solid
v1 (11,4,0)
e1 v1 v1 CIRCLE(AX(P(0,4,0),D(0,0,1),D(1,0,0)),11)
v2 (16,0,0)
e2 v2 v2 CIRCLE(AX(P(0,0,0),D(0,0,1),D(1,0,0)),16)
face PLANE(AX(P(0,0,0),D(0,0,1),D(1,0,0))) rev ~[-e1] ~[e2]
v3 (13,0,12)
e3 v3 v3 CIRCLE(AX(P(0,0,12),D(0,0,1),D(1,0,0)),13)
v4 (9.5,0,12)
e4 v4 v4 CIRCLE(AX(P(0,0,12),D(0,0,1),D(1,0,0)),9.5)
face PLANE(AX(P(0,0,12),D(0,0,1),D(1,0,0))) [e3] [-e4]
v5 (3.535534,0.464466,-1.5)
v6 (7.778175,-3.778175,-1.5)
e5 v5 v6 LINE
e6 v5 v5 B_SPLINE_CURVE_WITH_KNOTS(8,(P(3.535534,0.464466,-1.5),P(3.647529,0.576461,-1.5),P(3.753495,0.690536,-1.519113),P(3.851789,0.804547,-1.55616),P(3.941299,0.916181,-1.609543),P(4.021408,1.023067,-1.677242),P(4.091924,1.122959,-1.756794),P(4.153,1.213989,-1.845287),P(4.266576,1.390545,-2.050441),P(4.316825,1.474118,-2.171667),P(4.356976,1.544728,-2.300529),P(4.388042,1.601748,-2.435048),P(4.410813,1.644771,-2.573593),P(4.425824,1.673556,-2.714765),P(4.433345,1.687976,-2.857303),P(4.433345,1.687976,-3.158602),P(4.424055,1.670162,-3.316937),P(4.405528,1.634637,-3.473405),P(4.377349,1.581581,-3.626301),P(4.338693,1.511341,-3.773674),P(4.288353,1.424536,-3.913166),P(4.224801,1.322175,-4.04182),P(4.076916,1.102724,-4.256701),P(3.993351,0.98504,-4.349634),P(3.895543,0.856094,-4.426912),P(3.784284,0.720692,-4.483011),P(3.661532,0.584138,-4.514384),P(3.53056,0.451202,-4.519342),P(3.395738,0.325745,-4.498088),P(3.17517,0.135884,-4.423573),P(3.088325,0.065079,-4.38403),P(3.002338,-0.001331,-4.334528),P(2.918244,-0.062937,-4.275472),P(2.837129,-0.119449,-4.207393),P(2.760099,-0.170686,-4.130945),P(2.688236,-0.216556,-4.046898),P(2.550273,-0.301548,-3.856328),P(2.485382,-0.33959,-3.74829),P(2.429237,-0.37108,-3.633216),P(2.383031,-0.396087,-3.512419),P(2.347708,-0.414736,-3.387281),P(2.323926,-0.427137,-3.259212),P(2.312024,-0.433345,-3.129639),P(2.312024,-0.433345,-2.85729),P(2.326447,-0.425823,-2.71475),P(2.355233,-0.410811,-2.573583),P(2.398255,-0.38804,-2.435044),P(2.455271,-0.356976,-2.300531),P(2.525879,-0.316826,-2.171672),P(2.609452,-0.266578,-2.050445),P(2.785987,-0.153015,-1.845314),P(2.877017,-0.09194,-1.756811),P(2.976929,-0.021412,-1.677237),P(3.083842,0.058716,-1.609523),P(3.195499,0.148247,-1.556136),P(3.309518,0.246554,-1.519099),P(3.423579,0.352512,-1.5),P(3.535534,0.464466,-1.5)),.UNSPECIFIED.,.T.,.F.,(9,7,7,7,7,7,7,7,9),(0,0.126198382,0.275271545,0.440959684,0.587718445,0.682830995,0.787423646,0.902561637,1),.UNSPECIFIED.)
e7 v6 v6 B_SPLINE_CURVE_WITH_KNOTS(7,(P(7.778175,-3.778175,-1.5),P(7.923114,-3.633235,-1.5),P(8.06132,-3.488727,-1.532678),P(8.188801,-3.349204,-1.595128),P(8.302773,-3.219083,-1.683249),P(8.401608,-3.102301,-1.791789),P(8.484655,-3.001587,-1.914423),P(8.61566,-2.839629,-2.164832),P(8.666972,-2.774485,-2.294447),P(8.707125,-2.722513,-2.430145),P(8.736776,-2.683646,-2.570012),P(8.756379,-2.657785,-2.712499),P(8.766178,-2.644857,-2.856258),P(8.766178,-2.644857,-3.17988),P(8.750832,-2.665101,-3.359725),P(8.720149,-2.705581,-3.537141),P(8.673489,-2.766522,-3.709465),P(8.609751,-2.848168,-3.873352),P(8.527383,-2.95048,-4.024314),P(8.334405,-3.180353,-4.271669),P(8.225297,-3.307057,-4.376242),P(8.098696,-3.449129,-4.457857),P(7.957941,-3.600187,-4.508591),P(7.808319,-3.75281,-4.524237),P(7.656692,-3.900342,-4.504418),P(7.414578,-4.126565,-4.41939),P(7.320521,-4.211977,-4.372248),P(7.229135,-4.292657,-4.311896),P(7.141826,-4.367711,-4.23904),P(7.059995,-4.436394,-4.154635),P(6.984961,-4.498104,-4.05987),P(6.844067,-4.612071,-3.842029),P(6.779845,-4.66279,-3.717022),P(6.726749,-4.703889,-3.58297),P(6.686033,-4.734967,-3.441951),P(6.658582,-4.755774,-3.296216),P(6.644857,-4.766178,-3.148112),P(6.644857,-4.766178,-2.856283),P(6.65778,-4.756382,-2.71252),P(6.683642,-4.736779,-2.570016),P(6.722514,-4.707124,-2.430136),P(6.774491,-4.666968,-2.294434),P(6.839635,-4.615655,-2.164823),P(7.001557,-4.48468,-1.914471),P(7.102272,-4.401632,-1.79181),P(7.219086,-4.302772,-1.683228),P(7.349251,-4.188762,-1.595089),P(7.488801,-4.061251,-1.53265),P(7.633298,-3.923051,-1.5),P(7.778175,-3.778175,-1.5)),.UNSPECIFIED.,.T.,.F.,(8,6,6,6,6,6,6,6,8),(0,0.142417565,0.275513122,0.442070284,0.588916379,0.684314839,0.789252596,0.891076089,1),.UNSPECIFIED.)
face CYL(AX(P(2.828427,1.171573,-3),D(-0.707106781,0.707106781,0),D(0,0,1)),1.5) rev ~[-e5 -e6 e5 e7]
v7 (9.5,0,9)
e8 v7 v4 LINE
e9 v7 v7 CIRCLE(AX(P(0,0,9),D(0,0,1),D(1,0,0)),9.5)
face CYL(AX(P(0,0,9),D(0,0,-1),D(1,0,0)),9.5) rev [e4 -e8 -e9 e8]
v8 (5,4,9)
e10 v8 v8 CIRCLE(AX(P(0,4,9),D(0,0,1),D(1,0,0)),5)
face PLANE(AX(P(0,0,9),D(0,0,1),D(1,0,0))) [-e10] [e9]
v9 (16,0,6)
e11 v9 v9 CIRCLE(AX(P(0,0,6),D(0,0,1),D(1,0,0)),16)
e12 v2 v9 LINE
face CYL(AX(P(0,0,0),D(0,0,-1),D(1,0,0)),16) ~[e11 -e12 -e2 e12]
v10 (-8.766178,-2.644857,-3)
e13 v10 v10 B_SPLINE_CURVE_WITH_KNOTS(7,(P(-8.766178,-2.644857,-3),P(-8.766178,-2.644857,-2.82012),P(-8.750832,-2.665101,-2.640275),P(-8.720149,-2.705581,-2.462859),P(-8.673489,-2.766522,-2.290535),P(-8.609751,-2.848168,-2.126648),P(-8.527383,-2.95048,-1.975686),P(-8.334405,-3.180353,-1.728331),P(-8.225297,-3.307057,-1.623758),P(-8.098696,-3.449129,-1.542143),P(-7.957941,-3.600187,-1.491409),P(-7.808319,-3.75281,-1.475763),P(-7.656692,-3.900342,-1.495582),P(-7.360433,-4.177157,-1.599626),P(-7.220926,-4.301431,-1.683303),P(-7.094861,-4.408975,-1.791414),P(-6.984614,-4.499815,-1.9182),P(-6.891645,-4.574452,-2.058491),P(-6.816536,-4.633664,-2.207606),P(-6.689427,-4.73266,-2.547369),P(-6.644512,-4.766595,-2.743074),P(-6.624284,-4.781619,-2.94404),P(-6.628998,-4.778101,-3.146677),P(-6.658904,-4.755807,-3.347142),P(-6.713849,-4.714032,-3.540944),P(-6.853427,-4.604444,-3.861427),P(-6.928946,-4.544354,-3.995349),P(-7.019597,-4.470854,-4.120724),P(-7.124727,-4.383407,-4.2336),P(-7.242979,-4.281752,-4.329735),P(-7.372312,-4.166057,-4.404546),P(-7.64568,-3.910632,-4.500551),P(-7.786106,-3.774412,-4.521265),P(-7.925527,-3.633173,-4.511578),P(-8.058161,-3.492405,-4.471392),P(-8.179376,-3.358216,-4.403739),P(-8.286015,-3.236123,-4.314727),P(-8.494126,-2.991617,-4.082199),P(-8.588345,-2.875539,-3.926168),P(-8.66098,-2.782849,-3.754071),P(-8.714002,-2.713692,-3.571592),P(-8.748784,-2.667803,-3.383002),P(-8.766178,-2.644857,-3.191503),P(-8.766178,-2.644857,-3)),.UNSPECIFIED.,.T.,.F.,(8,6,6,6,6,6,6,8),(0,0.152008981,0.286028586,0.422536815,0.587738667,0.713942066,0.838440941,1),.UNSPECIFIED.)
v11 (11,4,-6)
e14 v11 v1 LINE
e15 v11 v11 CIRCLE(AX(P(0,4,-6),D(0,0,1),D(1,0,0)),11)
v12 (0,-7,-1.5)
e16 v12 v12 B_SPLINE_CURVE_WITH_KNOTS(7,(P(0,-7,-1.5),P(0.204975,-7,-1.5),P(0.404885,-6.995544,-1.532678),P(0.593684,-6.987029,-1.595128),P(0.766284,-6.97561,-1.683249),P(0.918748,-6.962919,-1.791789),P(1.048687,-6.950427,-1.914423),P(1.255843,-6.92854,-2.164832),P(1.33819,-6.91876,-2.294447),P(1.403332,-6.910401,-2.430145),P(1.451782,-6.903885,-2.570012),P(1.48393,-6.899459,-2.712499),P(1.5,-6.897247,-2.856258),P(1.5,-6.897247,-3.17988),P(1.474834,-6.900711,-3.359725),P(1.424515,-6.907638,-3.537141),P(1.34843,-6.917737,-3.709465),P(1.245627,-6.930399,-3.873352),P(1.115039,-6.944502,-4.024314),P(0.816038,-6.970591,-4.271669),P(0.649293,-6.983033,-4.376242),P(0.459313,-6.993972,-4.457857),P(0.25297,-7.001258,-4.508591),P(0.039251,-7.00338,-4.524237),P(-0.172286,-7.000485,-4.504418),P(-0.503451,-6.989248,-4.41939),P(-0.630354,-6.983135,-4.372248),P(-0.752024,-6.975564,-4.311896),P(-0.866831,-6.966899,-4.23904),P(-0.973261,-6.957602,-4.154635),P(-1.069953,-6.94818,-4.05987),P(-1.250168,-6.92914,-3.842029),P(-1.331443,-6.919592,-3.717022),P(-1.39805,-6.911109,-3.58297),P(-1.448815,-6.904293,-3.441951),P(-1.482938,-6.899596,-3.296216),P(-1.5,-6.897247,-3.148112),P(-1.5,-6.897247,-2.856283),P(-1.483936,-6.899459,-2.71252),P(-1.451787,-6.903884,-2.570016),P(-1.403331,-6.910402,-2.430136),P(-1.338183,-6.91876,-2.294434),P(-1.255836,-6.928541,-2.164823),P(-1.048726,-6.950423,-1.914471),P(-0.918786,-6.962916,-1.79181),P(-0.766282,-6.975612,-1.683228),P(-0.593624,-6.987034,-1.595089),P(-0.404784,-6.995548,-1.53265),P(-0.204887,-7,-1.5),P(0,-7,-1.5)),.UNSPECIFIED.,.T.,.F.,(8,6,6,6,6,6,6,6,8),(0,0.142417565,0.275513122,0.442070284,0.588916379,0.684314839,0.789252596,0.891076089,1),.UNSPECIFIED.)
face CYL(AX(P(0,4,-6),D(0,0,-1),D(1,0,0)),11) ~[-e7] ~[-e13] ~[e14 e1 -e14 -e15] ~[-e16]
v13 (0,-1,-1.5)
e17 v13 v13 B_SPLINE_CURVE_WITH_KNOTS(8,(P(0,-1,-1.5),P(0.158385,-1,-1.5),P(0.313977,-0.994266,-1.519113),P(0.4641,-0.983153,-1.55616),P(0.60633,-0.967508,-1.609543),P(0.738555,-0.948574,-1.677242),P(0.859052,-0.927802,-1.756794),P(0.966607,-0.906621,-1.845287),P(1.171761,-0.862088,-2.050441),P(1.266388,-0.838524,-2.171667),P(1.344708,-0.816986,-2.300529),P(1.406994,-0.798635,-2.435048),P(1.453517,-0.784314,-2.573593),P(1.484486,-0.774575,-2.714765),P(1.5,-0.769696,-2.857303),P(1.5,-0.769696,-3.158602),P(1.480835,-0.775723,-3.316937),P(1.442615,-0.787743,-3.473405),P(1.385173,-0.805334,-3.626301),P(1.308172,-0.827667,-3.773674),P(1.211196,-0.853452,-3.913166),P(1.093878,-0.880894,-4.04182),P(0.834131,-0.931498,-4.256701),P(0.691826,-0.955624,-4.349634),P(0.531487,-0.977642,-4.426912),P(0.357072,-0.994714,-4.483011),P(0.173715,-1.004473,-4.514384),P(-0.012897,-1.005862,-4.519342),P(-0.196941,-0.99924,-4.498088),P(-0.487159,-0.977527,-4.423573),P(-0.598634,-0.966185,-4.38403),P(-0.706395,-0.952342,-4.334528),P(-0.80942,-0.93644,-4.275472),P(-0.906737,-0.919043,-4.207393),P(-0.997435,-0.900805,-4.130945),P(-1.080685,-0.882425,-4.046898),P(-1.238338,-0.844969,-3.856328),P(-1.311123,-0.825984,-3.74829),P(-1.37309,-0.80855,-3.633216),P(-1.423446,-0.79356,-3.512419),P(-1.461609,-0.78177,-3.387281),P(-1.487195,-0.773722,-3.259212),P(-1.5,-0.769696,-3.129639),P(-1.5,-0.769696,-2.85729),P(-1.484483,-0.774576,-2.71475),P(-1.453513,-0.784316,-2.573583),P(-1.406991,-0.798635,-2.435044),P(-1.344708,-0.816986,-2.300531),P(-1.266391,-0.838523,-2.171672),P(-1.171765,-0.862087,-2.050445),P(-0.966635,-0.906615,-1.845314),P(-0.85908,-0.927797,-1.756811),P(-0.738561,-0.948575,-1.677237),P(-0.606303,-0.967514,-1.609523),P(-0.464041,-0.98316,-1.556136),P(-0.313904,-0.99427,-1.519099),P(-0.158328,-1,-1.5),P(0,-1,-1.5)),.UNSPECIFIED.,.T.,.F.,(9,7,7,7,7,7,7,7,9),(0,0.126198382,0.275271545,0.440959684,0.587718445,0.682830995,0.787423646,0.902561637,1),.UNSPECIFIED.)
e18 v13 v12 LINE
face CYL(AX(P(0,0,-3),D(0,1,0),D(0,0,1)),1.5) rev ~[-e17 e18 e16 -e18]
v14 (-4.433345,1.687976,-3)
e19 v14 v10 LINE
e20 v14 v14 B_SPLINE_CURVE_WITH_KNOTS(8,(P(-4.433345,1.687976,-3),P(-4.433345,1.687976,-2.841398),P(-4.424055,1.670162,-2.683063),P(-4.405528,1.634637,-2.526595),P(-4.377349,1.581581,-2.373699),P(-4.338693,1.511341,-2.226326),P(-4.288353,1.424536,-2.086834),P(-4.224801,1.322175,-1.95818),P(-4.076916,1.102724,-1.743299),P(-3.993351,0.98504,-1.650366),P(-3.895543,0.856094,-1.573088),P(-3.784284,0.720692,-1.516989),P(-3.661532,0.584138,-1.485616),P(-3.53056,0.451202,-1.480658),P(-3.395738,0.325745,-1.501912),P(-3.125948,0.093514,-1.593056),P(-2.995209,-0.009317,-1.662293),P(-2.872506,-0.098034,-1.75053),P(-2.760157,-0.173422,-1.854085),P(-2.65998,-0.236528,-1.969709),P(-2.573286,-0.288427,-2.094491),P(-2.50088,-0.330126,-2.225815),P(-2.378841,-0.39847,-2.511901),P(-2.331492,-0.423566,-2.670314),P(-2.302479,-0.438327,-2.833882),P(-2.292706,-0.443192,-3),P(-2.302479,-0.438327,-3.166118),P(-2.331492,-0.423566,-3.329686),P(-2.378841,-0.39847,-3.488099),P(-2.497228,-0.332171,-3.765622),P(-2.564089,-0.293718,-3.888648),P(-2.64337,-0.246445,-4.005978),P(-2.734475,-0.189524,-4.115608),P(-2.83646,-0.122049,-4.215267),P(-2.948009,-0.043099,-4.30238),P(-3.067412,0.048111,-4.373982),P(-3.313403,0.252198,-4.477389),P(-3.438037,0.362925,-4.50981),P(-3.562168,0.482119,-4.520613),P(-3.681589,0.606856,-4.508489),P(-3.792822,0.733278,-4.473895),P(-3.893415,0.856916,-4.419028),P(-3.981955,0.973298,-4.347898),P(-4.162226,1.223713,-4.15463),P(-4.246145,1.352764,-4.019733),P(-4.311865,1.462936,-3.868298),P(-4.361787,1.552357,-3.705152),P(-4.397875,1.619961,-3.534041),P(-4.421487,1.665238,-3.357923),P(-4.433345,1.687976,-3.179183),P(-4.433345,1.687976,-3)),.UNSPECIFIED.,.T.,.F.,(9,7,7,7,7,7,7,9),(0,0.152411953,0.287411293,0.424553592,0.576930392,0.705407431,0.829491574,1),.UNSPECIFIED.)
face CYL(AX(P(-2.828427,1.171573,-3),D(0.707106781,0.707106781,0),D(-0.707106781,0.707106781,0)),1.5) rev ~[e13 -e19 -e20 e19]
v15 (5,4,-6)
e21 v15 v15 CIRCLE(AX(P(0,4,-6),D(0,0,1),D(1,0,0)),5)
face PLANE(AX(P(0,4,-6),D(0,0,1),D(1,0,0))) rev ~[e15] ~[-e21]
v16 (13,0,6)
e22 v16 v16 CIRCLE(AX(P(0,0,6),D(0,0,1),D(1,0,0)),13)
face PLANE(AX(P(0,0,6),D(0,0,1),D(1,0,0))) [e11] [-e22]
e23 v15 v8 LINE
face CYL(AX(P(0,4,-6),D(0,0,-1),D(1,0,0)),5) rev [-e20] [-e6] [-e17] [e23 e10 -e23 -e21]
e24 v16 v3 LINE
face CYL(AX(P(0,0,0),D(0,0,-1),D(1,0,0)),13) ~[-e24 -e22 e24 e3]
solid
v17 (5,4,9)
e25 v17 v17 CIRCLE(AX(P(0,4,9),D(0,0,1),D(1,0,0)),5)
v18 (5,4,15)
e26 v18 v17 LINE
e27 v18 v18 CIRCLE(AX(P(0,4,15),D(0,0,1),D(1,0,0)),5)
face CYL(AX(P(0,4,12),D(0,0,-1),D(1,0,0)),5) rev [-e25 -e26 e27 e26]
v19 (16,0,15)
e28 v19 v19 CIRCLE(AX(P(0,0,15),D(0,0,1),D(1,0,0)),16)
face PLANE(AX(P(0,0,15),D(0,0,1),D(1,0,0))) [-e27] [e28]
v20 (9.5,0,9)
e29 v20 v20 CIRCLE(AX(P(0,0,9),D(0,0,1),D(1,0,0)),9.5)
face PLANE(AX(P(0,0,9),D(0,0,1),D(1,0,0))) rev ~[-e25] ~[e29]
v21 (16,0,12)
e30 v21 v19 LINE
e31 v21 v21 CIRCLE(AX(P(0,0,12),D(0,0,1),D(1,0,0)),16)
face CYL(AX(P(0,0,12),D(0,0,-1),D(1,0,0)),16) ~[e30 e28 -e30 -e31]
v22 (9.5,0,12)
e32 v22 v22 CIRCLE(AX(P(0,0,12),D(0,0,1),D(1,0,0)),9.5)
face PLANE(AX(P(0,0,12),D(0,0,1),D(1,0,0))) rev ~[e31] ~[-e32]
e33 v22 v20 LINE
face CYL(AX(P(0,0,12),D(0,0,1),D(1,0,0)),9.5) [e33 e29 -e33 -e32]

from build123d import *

# Parameters (mm, degrees)
SKETCH1_R                 = 16
SKETCH1_R_2               = 13
BOSS_EXTRUDE1_DEPTH       = 6
SKETCH1_4_R               = 13
SKETCH1_4_R_2             = 5
BOSS_EXTRUDE2_DEPTH       = 12
BOSS_EXTRUDE3_START       = -6
SKETCH1_5_R               = 11
SKETCH1_5_R_2             = 5
BOSS_EXTRUDE3_DEPTH       = 6
CUT_EXTRUDE1_START        = -3
SKETCH2_R                 = 9.5
SKETCH2_R_2               = 5
CUT_EXTRUDE1_DEPTH        = 3
SKETCH2_3_R               = 9.5
SKETCH2_3_R_2             = 5
BOSS_EXTRUDE4_DEPTH       = 3
SKETCH3_R                 = 16
SKETCH3_R_2               = 5
BOSS_EXTRUDE5_DEPTH       = 3
CUT_EXTRUDE2_REACH        = 29.148
CUT_EXTRUDE2_END_RADIUS   = 11
SKETCH4_R                 = 1.5
CIRPATTERN1_COUNT         = 2
CIRPATTERN1_ANGLE         = 45
MIRROR1_COPY_1_REACH      = 29.148
MIRROR1_COPY_1_END_RADIUS = 11
MIRROR1_COPY_1_SKETCH_R   = 1.5


with BuildPart() as part:
    # Sketch1 → Boss-Extrude1 (new body)
    with BuildSketch(Plane.XY):
        Circle(SKETCH1_R)
        Circle(SKETCH1_R_2, mode=Mode.SUBTRACT)
    extrude(amount=BOSS_EXTRUDE1_DEPTH)

    # Sketch1<4> → Boss-Extrude2 (add)
    with BuildSketch(Plane.XY):
        Circle(SKETCH1_4_R)
        with Locations((0, 4)):
            Circle(SKETCH1_4_R_2, mode=Mode.SUBTRACT)
    extrude(amount=BOSS_EXTRUDE2_DEPTH)

    # Sketch1<5> → Boss-Extrude3 (add)
    with BuildSketch(Plane.XY.offset(BOSS_EXTRUDE3_START)):
        with Locations((0, 4)):
            Circle(SKETCH1_5_R)
        with Locations((0, 4)):
            Circle(SKETCH1_5_R_2, mode=Mode.SUBTRACT)
    extrude(amount=BOSS_EXTRUDE3_DEPTH)

    # Sketch2 → Cut-Extrude1 (cut)
    with BuildSketch(Plane.XY.offset(12).offset(CUT_EXTRUDE1_START)):
        Circle(SKETCH2_R)
        with Locations((0, 4)):
            Circle(SKETCH2_R_2, mode=Mode.SUBTRACT)
    extrude(amount=CUT_EXTRUDE1_DEPTH, mode=Mode.SUBTRACT)

    # Cut-Extrude2: up to this cylinder (the profile starts inside it)
    cut_extrude2_end = Plane(origin=(0, 4, -3), z_dir=(0, 0, 1)) * Cylinder(CUT_EXTRUDE2_END_RADIUS, 81.296, mode=Mode.PRIVATE)
    # Sketch4 → Cut-Extrude2 (cut, up to the surface)
    with BuildSketch(Plane(origin=(0, 0, 0), x_dir=(1, 0, 0), z_dir=(0, 1, 0)), mode=Mode.PRIVATE) as cut_extrude2_sk1:
        with Locations(Location((0, 3, 0), (0, 0, 270))):
            Circle(SKETCH4_R)
    cut_extrude2_tool1 = extrude(cut_extrude2_sk1.sketch, amount=-CUT_EXTRUDE2_REACH, mode=Mode.PRIVATE) & cut_extrude2_end
    cut_extrude2 = cut_extrude2_tool1.solids().sort_by_distance((0, 0, -3))[0]
    add(cut_extrude2, mode=Mode.SUBTRACT)

    # CirPattern1: Cut-Extrude2 ×2 about axis
    cirpattern1_axis = Axis((0, 4, -6), (0, 0, 1))
    for i in range(1, CIRPATTERN1_COUNT):
        add(cut_extrude2.rotate(cirpattern1_axis, i * CIRPATTERN1_ANGLE / (CIRPATTERN1_COUNT - 1)), mode=Mode.SUBTRACT)

    # Mirror1 copy 1: up to this cylinder (the profile starts inside it)
    mirror1_copy_1_end = Plane(origin=(0, 4, -3), z_dir=(0, 0, 1)) * Cylinder(MIRROR1_COPY_1_END_RADIUS, 81.296, mode=Mode.PRIVATE)
    # Mirror1 copy 1 sketch → Mirror1 copy 1 (cut, up to the surface)
    with BuildSketch(Plane(origin=(-2.828427125, 1.171572875, 0), x_dir=(-0.7071067811865462, 0.7071067811865488, 0), z_dir=(0.7071067811865488, 0.7071067811865462, 0)), mode=Mode.PRIVATE) as mirror1_copy_1_sk1:
        with Locations((0, -3)):
            Circle(MIRROR1_COPY_1_SKETCH_R)
    mirror1_copy_1_tool1 = extrude(mirror1_copy_1_sk1.sketch, amount=-MIRROR1_COPY_1_REACH, mode=Mode.PRIVATE) & mirror1_copy_1_end
    add(mirror1_copy_1_tool1.solids().sort_by_distance((0, 0, -3))[0], mode=Mode.SUBTRACT)


with BuildPart() as body_2:
    # Sketch2<3> → Boss-Extrude4 (new body)
    with BuildSketch(Plane.XY.offset(12)):
        Circle(SKETCH2_3_R)
        with Locations((0, 4)):
            Circle(SKETCH2_3_R_2, mode=Mode.SUBTRACT)
    extrude(amount=-BOSS_EXTRUDE4_DEPTH)

    # Sketch3 → Boss-Extrude5 (add)
    with BuildSketch(Plane.XY.offset(12)):
        Circle(SKETCH3_R)
        with Locations((0, 4)):
            Circle(SKETCH3_R_2, mode=Mode.SUBTRACT)
    extrude(amount=BOSS_EXTRUDE5_DEPTH)


solid = Compound([part.part, body_2.part])
